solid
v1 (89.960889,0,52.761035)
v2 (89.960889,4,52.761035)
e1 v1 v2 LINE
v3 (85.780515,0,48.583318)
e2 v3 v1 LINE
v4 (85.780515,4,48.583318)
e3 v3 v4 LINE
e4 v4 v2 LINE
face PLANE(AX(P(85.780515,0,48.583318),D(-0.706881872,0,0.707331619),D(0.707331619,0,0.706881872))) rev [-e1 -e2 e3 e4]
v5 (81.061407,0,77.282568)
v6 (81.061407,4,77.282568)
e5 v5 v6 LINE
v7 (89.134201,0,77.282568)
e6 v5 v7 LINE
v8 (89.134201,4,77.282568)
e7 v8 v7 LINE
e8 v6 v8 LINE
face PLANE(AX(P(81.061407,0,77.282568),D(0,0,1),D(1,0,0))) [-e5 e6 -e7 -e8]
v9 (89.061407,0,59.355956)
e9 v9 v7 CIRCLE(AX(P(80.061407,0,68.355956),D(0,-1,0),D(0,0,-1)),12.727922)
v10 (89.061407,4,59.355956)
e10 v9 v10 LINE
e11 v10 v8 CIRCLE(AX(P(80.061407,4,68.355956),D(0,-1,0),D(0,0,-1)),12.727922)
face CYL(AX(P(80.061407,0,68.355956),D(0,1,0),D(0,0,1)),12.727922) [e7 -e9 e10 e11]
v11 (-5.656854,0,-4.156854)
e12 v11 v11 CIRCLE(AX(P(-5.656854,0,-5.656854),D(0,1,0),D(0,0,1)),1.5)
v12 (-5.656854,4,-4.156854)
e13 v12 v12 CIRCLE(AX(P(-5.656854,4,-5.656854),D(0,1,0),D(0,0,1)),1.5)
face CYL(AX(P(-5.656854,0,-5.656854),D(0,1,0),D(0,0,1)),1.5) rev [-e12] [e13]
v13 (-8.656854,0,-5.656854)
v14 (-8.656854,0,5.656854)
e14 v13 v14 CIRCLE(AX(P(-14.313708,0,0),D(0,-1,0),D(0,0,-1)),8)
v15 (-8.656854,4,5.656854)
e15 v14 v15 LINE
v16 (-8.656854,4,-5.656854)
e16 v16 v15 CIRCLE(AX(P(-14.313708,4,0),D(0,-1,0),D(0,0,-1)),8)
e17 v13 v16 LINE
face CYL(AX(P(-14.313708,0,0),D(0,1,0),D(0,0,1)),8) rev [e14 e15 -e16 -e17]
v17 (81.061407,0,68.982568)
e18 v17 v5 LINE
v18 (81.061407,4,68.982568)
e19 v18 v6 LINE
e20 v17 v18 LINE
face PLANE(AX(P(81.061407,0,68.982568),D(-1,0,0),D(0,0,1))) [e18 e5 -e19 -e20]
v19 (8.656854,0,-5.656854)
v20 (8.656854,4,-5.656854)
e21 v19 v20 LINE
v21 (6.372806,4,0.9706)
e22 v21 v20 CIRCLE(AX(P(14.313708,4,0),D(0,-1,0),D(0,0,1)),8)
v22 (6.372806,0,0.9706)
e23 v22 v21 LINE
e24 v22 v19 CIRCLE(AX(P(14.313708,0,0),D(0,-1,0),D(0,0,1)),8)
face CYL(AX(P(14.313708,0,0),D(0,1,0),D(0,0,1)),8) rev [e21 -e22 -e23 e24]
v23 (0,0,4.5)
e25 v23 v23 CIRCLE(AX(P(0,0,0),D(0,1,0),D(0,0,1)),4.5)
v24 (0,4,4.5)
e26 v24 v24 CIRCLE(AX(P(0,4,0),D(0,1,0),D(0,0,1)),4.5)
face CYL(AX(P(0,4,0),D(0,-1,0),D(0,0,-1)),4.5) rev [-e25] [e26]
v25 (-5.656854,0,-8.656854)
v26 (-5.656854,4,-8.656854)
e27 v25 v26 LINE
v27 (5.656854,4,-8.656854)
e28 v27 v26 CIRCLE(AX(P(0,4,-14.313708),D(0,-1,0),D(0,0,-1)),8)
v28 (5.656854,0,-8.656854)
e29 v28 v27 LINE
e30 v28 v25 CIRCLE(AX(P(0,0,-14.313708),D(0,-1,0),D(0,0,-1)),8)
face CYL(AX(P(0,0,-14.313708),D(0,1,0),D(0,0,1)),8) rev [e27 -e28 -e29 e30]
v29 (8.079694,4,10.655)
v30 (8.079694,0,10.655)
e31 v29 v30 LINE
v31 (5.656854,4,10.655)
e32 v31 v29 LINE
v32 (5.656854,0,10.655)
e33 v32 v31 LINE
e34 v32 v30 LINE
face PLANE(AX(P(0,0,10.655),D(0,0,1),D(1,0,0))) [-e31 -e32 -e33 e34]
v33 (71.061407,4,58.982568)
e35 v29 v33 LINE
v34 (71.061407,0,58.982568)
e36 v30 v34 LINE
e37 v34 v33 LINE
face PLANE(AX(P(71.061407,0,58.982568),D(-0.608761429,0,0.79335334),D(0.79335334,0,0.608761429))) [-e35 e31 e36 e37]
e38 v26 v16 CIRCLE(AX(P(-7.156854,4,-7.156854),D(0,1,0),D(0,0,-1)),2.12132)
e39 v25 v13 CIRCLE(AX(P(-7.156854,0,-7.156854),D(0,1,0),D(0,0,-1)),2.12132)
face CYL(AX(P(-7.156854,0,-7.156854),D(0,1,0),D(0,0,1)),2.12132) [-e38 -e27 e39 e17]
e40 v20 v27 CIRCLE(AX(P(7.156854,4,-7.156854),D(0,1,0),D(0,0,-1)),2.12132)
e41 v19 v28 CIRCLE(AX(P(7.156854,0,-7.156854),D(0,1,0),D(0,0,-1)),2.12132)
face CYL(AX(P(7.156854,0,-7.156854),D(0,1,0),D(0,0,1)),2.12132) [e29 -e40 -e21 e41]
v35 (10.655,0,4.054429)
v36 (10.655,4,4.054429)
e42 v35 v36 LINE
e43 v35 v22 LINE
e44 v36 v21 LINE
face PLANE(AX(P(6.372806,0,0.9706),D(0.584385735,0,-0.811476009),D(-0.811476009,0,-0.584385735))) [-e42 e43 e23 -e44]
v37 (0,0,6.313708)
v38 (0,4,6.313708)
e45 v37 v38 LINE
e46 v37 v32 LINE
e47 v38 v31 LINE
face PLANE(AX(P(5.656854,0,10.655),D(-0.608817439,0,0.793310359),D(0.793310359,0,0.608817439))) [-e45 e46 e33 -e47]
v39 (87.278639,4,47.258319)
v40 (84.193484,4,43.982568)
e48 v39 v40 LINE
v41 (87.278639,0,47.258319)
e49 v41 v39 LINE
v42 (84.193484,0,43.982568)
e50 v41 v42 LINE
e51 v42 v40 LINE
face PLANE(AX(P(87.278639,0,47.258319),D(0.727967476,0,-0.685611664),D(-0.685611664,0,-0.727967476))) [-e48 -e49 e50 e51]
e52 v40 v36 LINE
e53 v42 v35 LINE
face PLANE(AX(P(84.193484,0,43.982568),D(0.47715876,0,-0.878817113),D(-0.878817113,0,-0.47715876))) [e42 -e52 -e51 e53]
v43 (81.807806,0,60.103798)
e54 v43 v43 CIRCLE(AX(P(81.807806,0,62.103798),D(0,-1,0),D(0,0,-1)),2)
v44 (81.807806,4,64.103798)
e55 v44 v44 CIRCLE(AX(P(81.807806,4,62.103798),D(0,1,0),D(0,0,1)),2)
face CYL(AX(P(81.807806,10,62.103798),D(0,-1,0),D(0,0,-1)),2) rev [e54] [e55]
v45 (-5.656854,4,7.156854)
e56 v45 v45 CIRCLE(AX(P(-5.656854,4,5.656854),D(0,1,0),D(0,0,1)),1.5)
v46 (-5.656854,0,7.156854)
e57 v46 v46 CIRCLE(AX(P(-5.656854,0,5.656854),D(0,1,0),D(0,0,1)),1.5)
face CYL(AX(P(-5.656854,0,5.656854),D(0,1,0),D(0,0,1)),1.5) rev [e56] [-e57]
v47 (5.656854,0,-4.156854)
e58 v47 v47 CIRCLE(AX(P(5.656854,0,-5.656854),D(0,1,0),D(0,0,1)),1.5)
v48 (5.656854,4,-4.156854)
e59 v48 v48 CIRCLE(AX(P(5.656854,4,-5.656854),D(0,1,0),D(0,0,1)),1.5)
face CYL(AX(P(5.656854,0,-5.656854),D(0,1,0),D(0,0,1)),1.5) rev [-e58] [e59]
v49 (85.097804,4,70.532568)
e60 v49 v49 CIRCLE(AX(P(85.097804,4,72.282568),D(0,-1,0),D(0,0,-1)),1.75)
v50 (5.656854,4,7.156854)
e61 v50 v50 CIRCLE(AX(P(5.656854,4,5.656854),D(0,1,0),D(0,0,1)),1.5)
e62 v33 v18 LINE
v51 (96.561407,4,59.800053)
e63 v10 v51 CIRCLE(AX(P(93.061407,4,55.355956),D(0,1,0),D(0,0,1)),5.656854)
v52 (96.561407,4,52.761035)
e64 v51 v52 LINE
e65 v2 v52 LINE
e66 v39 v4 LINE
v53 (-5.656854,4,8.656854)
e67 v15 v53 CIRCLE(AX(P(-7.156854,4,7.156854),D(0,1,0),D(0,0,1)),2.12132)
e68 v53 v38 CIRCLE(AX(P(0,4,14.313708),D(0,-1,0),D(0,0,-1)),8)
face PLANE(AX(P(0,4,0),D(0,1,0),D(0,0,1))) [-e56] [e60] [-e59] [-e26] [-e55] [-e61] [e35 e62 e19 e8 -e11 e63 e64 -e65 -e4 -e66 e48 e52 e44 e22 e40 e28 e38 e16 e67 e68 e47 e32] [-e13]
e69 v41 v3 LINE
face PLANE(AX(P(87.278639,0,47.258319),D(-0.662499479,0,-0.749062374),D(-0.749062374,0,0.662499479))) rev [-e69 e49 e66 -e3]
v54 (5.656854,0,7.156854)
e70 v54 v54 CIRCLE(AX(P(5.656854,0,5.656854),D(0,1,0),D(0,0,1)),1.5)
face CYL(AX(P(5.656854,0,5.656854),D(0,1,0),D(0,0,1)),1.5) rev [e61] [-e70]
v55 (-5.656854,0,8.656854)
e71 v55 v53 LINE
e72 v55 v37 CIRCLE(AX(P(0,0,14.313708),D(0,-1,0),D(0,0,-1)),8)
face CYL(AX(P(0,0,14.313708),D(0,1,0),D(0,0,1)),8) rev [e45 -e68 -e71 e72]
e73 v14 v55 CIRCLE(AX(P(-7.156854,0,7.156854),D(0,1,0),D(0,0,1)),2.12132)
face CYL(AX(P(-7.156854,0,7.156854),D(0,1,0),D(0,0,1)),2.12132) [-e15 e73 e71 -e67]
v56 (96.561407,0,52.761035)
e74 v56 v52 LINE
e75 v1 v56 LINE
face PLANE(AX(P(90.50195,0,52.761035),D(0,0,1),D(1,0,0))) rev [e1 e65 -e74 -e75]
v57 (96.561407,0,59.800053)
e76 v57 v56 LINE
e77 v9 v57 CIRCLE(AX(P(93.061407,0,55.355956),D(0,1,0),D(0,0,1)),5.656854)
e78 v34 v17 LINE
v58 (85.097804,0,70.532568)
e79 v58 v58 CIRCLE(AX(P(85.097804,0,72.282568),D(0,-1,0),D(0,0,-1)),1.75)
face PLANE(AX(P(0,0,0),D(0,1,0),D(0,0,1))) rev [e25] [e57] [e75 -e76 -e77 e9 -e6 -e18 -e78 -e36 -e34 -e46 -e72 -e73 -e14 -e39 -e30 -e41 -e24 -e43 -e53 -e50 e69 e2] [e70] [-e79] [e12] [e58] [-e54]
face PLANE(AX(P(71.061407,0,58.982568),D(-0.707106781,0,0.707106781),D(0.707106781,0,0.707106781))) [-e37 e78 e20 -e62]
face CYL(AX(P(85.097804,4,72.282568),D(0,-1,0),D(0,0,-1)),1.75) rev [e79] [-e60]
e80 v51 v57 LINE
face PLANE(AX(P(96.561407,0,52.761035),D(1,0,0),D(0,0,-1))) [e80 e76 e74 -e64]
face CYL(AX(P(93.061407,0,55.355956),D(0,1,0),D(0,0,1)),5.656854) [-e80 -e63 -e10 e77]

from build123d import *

# Parameters (mm, degrees)
SKETCH1_W            = 16.31
SKETCH1_H            = 16.31
SKETCH1_R            = 4.5
BOSS_EXTRUDE1_DEPTH  = 4
SKETCH3_R            = 1.5
CUT_EXTRUDE1_DEPTH   = 4
BOSS_EXTRUDE2_DEPTH  = 4
BOSS_EXTRUDE6_DEPTH  = 4
CUT_EXTRUDE3_DEPTH   = 4
BOSS_EXTRUDE7_DEPTH  = 4
BOSS_EXTRUDE9_DEPTH  = 4
SKETCH17_OUTSIDE_W   = 136.165
SKETCH17_OUTSIDE_H   = 117.232
CUT_EXTRUDE4_DEPTH   = 4
SKETCH18_R           = 1.5
BOSS_EXTRUDE10_DEPTH = 4
CUT_EXTRUDE5_DEPTH   = 4
SKETCH20_R           = 2
CUT_EXTRUDE6_DEPTH   = 10
SKETCH22_R           = 1.75
CUT_EXTRUDE8_DEPTH   = 124.744497459


with BuildPart() as part:
    # Sketch1 → Boss-Extrude1 (new body)
    with BuildSketch(Plane(origin=(0, 0, 0), x_dir=(1, 0, 0), z_dir=(0, 1, 0))):
        Rectangle(SKETCH1_W, SKETCH1_H)
        with Locations(Location((0, 0, 0), (0, 0, 270))):
            Circle(SKETCH1_R, mode=Mode.SUBTRACT)
    extrude(amount=BOSS_EXTRUDE1_DEPTH)

    # Sketch3 → Cut-Extrude1 (cut)
    with BuildSketch(Plane(origin=(0, 4, 0), x_dir=(1, 0, 0), z_dir=(0, 1, 0))):
        with Locations(Location((5.656854249, 5.656854249, 0), (0, 0, 270))):
            Circle(SKETCH3_R)
        with Locations(Location((5.656854249, -5.656854249, 0), (0, 0, 270))):
            Circle(SKETCH3_R)
        with Locations(Location((-5.656854249, -5.656854249, 0), (0, 0, 270))):
            Circle(SKETCH3_R)
        with Locations(Location((-5.656854249, 5.656854249, 0), (0, 0, 270))):
            Circle(SKETCH3_R)
    extrude(amount=-CUT_EXTRUDE1_DEPTH, mode=Mode.SUBTRACT)

    # Sketch4 → Boss-Extrude2 (add)
    with BuildSketch(Plane(origin=(0, 4, 0), x_dir=(1, 0, 0), z_dir=(0, 1, 0))):
        Polygon((8.155, -8.155), (0, -8.155), (0, -10.655), (10.655, -10.655), (10.655, 0), (8.155, 0), align=None)
    extrude(amount=-BOSS_EXTRUDE2_DEPTH)

    # Sketch9 → Boss-Extrude6 (add)
    with BuildSketch(Plane(origin=(0, 4, 0), x_dir=(1, 0, 0), z_dir=(0, 1, 0))):
        Polygon((71.061407011, -58.982568069), (7.593139788, -10.281653748), (10.613791504, -4.032054751), (84.193483815, -43.982568069), (90.501950314, -50.291034568), (96.061407011, -50.291034568), (96.061407011, -73.982568069), (81.061407011, -73.982568069), (81.061407011, -68.982568069), align=None)
    extrude(amount=-BOSS_EXTRUDE6_DEPTH)

    # Sketch12 → Cut-Extrude3 (cut)
    with BuildSketch(Plane(origin=(0, 4, 0), x_dir=(1, 0, 0), z_dir=(0, 1, 0))):
        Polygon((87.278639473, -47.258318902), (85.780514725, -48.583317861), (89.960889469, -52.761034568), (90.501950314, -52.761034568), (96.061407011, -52.761034568), (96.061407011, -50.291034568), (90.501950314, -50.291034568), (87.347717064, -47.136801318), align=None)
    extrude(amount=-CUT_EXTRUDE3_DEPTH, mode=Mode.SUBTRACT)

    # Sketch13 → Boss-Extrude7 (add)
    with BuildSketch(Plane(origin=(0, 4, 0), x_dir=(1, 0, 0), z_dir=(0, 1, 0))):
        Polygon((81.061407011, -73.982568069), (81.061407011, -77.282568069), (96.561407011, -77.282568069), (96.561407011, -52.761034568), (96.061407011, -52.761034568), (96.061407011, -73.982568069), align=None)
    extrude(amount=-BOSS_EXTRUDE7_DEPTH)

    # Sketch16 → Boss-Extrude9 (add)
    with BuildSketch(Plane(origin=(0, 4, 0), x_dir=(1, 0, 0), z_dir=(0, 1, 0))):
        Polygon((0, -10.655), (-10, -10.655), (-10, 10.345), (10.655, 10.345), (10.655, 0), (8.155, 0), (8.155, 8.155), (-8.155, 8.155), (-8.155, -8.155), (0, -8.155), align=None)
    extrude(amount=-BOSS_EXTRUDE9_DEPTH)

    # Sketch17 outside → Cut-Extrude4 (cut)
    with BuildSketch(Plane(origin=(0, 4, 0), x_dir=(1, 0, 0), z_dir=(0, 1, 0))):
        with Locations((43.2805, -33.469)):
            Rectangle(SKETCH17_OUTSIDE_W, SKETCH17_OUTSIDE_H)
        with BuildLine():
            Line((5.656854249, -8.656854249), (5.656854249, -10.655))
            Line((5.656854249, -10.655), (8.079694096, -10.655))
            Line((8.079694096, -10.655), (71.061407011, -58.982568069))
            Line((71.061407011, -58.982568069), (81.061407011, -68.982568069))
            Line((81.061407011, -68.982568069), (81.061407011, -77.282568069))
            Line((81.061407011, -77.282568069), (96.561407011, -77.282568069))
            Line((96.561407011, -77.282568069), (96.561407011, -52.761034568))
            Line((96.561407011, -52.761034568), (89.960889469, -52.761034568))
            Line((89.960889469, -52.761034568), (85.780514725, -48.583317861))
            Line((85.780514725, -48.583317861), (87.278639473, -47.258318902))
            Line((87.278639473, -47.258318902), (84.193483815, -43.982568069))
            Line((84.193483815, -43.982568069), (10.655, -4.054429139))
            Line((10.655, -4.054429139), (8.656854249, -5.656854249))
            ThreePointArc((8.656854249, -5.656854249), (6.313708499, 0), (8.656854249, 5.656854249))
            ThreePointArc((8.656854249, 5.656854249), (8.656854249, 8.656854249), (5.656854249, 8.656854249))
            ThreePointArc((5.656854249, 8.656854249), (0, 6.313708499), (-5.656854249, 8.656854249))
            ThreePointArc((-5.656854249, 8.656854249), (-8.656854249, 8.656854249), (-8.656854249, 5.656854249))
            ThreePointArc((-8.656854249, 5.656854249), (-6.313708499, 0), (-8.656854249, -5.656854249))
            ThreePointArc((-8.656854249, -5.656854249), (-8.656854249, -8.656854249), (-5.656854249, -8.656854249))
            ThreePointArc((-5.656854249, -8.656854249), (0, -6.313708499), (5.656854249, -8.656854249))
        make_face(mode=Mode.SUBTRACT)
    extrude(amount=-CUT_EXTRUDE4_DEPTH, mode=Mode.SUBTRACT)

    # Sketch18 → Boss-Extrude10 (add)
    with BuildSketch(Plane(origin=(0, 4, 0), x_dir=(1, 0, 0), z_dir=(0, 1, 0))):
        Polygon((5.656854249, -10.655), (0, -6.313708499), (6.372805828, -0.97060021), (10.655, -4.054429139), (8.656854249, -5.656854249), align=None)
        with Locations(Location((5.656854249, -5.656854249, 0), (0, 0, 270))):
            Circle(SKETCH18_R, mode=Mode.SUBTRACT)
    extrude(amount=-BOSS_EXTRUDE10_DEPTH)

    # Sketch19 → Cut-Extrude5 (cut)
    with BuildSketch(Plane(origin=(0, 4, 0), x_dir=(1, 0, 0), z_dir=(0, 1, 0))):
        with BuildLine():
            Line((97.061407011, -77.355955856), (97.061407011, -59.355955856))
            ThreePointArc((97.061407011, -59.355955856), (93.061407011, -61.012810105), (89.061407011, -59.355955856))
            ThreePointArc((89.061407011, -59.355955856), (92.789329073, -68.355955856), (89.061407011, -77.355955856))
            Line((89.061407011, -77.355955856), (97.061407011, -77.355955856))
        make_face()
    extrude(amount=-CUT_EXTRUDE5_DEPTH, mode=Mode.SUBTRACT)

    # Sketch20 → Cut-Extrude6 (cut)
    with BuildSketch(Plane.XZ):
        with Locations(Location((81.807805677, 62.103797793, 0), (0, 0, 270))):
            Circle(SKETCH20_R)
    extrude(amount=-CUT_EXTRUDE6_DEPTH, mode=Mode.SUBTRACT)

    # Sketch22 → Cut-Extrude8 (cut, through all)
    with BuildSketch(Plane.XZ):
        with Locations(Location((85.097804106, 72.282568069, 0), (0, 0, 270))):
            Circle(SKETCH22_R)
    extrude(amount=-CUT_EXTRUDE8_DEPTH, mode=Mode.SUBTRACT)


solid = part.part
